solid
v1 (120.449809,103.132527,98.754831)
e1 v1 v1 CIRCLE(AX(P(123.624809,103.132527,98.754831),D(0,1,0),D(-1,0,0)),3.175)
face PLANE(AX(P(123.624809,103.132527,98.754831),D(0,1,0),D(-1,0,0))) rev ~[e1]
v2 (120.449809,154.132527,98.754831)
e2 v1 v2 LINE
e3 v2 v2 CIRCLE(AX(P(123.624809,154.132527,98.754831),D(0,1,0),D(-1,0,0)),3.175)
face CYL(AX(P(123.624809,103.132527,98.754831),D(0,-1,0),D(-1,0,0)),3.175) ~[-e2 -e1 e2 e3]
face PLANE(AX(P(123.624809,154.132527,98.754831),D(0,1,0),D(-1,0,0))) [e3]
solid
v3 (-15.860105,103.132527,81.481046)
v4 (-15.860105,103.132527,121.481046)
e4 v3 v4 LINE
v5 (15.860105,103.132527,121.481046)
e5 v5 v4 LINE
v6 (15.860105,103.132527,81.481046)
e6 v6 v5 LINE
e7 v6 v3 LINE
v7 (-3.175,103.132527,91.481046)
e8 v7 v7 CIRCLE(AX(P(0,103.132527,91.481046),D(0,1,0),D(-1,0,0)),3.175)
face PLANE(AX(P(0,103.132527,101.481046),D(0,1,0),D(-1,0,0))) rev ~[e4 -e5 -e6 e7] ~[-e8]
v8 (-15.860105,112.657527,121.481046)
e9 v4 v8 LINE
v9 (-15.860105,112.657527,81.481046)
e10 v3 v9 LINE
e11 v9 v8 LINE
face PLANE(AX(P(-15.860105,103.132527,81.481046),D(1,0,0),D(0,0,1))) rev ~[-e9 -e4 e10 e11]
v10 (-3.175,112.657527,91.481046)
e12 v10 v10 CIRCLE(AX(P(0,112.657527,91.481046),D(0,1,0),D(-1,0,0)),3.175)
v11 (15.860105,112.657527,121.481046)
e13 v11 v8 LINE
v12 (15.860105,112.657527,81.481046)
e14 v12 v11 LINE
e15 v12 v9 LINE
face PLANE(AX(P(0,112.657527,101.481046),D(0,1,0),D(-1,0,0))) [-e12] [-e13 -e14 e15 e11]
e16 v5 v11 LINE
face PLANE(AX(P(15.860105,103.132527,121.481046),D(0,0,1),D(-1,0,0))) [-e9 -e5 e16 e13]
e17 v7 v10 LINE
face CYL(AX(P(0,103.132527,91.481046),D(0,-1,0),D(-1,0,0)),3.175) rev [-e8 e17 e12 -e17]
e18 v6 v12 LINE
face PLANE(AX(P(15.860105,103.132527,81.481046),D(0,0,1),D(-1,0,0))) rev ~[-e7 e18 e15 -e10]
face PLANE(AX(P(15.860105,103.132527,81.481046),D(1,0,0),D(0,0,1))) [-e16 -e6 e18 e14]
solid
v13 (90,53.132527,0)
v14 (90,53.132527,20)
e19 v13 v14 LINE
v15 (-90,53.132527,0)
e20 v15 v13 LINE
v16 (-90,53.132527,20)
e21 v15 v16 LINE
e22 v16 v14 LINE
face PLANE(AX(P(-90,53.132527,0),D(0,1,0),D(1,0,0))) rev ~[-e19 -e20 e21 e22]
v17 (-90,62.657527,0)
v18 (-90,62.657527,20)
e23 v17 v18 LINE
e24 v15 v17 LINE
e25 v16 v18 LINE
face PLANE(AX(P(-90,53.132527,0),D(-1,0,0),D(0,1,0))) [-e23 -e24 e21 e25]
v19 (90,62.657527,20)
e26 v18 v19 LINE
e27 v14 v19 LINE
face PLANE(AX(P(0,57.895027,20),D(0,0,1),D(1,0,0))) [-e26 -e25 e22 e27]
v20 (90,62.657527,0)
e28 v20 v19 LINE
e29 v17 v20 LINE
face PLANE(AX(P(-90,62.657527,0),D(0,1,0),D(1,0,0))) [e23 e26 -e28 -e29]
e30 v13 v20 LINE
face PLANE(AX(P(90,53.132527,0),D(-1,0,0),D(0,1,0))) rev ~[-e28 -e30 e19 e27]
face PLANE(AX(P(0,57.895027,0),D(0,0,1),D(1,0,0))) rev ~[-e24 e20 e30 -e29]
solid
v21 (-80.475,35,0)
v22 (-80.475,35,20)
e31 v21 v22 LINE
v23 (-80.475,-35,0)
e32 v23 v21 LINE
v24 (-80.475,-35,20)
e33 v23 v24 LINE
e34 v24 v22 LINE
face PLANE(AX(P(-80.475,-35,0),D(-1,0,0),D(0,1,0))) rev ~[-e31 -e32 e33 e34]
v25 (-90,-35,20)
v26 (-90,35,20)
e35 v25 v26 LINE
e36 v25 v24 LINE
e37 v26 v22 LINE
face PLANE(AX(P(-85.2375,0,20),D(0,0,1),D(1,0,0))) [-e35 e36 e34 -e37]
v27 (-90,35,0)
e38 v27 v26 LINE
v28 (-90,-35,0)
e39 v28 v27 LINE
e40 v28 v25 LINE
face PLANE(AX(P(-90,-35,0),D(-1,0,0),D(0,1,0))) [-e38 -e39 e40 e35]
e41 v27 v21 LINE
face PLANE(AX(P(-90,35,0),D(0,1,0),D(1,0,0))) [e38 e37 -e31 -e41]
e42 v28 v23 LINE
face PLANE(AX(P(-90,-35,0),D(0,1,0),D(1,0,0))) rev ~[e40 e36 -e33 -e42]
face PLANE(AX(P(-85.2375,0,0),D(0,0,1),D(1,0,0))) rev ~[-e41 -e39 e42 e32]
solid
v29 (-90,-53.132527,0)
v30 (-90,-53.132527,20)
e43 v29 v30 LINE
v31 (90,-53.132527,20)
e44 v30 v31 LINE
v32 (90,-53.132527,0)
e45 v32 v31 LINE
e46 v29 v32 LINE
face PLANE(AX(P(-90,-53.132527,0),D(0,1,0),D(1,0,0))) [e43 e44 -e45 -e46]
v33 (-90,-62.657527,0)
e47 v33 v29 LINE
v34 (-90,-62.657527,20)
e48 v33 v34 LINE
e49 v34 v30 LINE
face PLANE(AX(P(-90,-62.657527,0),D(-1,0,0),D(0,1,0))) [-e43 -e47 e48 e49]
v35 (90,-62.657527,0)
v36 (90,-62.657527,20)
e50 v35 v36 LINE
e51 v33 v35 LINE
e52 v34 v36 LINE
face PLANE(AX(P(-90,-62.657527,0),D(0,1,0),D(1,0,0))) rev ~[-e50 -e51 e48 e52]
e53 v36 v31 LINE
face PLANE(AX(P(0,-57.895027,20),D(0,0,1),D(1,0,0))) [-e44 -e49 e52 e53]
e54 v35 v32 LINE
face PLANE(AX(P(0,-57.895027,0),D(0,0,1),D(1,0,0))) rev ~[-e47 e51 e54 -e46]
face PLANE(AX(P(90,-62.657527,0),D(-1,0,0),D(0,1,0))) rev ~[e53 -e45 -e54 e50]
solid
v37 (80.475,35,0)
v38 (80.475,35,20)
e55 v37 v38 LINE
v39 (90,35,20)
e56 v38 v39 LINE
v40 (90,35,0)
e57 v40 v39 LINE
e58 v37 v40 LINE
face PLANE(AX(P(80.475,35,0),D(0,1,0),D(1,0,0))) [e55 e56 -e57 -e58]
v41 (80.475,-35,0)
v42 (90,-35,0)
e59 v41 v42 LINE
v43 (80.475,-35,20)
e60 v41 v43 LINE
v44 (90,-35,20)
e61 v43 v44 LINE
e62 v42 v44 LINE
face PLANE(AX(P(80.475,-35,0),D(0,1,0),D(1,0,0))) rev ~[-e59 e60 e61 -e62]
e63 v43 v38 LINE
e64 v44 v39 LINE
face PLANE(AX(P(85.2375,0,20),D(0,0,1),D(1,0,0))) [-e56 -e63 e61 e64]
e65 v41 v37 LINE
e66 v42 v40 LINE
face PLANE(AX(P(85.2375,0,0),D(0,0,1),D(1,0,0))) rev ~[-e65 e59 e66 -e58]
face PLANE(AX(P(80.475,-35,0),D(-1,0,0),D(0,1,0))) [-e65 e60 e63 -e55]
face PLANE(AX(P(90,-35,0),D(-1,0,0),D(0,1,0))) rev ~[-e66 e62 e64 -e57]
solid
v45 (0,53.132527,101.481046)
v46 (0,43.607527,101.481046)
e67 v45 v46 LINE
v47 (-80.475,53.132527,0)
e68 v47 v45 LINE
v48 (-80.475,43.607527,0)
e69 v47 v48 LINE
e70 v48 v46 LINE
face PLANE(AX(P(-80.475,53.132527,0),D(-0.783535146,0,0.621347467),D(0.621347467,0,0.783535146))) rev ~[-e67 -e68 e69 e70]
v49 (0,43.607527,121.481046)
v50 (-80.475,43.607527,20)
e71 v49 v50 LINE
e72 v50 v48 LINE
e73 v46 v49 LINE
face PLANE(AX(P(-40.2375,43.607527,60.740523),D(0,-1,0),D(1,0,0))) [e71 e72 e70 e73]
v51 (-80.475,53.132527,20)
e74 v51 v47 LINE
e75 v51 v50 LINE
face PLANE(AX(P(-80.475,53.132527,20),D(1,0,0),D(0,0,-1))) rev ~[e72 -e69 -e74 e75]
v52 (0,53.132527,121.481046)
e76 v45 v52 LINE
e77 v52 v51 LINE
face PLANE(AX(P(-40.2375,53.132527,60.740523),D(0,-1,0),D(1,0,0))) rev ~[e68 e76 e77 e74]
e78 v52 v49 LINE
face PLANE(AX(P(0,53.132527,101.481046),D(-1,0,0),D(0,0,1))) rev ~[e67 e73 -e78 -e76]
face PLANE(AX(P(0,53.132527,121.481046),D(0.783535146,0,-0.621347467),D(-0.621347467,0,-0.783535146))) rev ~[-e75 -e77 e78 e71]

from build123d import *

# Parameters (mm, degrees)
F1_W     = 180
F1_H     = 9.525
F2_DEPTH = 20
F1_W_2   = 9.525
F1_H_2   = 70
F4_DEPTH = 9.525
F6_W     = 31.7202090866
F6_H     = 40
F6_R     = 3.175
F7_DEPTH = 9.525
F8_R     = 3.175
F9_DEPTH = 51


with BuildPart() as f2:
    # F1 (on Top) → F2 (new body)
    with BuildSketch(Plane.XY):
        with Locations((0, 57.8950265765)):
            Rectangle(F1_W, F1_H)
    extrude(amount=F2_DEPTH)


with BuildPart() as f2b:
    # F1 (on Top) → F2, piece 2 (new body)
    with BuildSketch(Plane.XY):
        with Locations((-85.2375, 0)):
            Rectangle(F1_W_2, F1_H_2)
    extrude(amount=F2_DEPTH)


with BuildPart() as f2c:
    # F1 (on Top) → F2, piece 3 (new body)
    with BuildSketch(Plane.XY):
        with Locations((0, -57.8950265765)):
            Rectangle(F1_W, F1_H)
    extrude(amount=F2_DEPTH)


with BuildPart() as f2d:
    # F1 (on Top) → F2, piece 4 (new body)
    with BuildSketch(Plane.XY):
        with Locations((85.2375, 0)):
            Rectangle(F1_W_2, F1_H_2)
    extrude(amount=F2_DEPTH)


with BuildPart() as f4:
    # F3 (on face) → F4 (new body)
    with BuildSketch(Plane.XZ.offset(-53.1325265765)):
        Polygon((0, 121.4810460806), (-80.475, 20), (-80.475, 0), (0, 101.4810460806), align=None)
    extrude(amount=F4_DEPTH)


with BuildPart() as f7:
    # F6 (on offset) → F7 (new body)
    with BuildSketch(Plane(origin=(0, 103.1325265765, 0), x_dir=(-1, 0, 0), z_dir=(0, 1, 0))):
        with Locations((0, 101.4810460806)):
            Rectangle(F6_W, F6_H)
        with Locations((0, 91.4810460806)):
            Circle(F6_R, mode=Mode.SUBTRACT)
    extrude(amount=F7_DEPTH)


with BuildPart() as f9:
    # F8 (on offset) → F9 (new body)
    with BuildSketch(Plane(origin=(0, 103.1325265765, 0), x_dir=(-1, 0, 0), z_dir=(0, 1, 0))):
        with Locations((-123.6248090863, 98.7548306584)):
            Circle(F8_R)
    extrude(amount=F9_DEPTH)


with BuildPart() as f10_1:
    # F10: instance of F4
    add(f4.part.mirror(Plane(origin=(0, 48.3700265765, 111.4810460806), x_dir=(0, 1, 0), z_dir=(1, 0, 0))))


solid = Compound([f2.part, f2b.part, f2c.part, f2d.part, f4.part, f7.part, f9.part])
